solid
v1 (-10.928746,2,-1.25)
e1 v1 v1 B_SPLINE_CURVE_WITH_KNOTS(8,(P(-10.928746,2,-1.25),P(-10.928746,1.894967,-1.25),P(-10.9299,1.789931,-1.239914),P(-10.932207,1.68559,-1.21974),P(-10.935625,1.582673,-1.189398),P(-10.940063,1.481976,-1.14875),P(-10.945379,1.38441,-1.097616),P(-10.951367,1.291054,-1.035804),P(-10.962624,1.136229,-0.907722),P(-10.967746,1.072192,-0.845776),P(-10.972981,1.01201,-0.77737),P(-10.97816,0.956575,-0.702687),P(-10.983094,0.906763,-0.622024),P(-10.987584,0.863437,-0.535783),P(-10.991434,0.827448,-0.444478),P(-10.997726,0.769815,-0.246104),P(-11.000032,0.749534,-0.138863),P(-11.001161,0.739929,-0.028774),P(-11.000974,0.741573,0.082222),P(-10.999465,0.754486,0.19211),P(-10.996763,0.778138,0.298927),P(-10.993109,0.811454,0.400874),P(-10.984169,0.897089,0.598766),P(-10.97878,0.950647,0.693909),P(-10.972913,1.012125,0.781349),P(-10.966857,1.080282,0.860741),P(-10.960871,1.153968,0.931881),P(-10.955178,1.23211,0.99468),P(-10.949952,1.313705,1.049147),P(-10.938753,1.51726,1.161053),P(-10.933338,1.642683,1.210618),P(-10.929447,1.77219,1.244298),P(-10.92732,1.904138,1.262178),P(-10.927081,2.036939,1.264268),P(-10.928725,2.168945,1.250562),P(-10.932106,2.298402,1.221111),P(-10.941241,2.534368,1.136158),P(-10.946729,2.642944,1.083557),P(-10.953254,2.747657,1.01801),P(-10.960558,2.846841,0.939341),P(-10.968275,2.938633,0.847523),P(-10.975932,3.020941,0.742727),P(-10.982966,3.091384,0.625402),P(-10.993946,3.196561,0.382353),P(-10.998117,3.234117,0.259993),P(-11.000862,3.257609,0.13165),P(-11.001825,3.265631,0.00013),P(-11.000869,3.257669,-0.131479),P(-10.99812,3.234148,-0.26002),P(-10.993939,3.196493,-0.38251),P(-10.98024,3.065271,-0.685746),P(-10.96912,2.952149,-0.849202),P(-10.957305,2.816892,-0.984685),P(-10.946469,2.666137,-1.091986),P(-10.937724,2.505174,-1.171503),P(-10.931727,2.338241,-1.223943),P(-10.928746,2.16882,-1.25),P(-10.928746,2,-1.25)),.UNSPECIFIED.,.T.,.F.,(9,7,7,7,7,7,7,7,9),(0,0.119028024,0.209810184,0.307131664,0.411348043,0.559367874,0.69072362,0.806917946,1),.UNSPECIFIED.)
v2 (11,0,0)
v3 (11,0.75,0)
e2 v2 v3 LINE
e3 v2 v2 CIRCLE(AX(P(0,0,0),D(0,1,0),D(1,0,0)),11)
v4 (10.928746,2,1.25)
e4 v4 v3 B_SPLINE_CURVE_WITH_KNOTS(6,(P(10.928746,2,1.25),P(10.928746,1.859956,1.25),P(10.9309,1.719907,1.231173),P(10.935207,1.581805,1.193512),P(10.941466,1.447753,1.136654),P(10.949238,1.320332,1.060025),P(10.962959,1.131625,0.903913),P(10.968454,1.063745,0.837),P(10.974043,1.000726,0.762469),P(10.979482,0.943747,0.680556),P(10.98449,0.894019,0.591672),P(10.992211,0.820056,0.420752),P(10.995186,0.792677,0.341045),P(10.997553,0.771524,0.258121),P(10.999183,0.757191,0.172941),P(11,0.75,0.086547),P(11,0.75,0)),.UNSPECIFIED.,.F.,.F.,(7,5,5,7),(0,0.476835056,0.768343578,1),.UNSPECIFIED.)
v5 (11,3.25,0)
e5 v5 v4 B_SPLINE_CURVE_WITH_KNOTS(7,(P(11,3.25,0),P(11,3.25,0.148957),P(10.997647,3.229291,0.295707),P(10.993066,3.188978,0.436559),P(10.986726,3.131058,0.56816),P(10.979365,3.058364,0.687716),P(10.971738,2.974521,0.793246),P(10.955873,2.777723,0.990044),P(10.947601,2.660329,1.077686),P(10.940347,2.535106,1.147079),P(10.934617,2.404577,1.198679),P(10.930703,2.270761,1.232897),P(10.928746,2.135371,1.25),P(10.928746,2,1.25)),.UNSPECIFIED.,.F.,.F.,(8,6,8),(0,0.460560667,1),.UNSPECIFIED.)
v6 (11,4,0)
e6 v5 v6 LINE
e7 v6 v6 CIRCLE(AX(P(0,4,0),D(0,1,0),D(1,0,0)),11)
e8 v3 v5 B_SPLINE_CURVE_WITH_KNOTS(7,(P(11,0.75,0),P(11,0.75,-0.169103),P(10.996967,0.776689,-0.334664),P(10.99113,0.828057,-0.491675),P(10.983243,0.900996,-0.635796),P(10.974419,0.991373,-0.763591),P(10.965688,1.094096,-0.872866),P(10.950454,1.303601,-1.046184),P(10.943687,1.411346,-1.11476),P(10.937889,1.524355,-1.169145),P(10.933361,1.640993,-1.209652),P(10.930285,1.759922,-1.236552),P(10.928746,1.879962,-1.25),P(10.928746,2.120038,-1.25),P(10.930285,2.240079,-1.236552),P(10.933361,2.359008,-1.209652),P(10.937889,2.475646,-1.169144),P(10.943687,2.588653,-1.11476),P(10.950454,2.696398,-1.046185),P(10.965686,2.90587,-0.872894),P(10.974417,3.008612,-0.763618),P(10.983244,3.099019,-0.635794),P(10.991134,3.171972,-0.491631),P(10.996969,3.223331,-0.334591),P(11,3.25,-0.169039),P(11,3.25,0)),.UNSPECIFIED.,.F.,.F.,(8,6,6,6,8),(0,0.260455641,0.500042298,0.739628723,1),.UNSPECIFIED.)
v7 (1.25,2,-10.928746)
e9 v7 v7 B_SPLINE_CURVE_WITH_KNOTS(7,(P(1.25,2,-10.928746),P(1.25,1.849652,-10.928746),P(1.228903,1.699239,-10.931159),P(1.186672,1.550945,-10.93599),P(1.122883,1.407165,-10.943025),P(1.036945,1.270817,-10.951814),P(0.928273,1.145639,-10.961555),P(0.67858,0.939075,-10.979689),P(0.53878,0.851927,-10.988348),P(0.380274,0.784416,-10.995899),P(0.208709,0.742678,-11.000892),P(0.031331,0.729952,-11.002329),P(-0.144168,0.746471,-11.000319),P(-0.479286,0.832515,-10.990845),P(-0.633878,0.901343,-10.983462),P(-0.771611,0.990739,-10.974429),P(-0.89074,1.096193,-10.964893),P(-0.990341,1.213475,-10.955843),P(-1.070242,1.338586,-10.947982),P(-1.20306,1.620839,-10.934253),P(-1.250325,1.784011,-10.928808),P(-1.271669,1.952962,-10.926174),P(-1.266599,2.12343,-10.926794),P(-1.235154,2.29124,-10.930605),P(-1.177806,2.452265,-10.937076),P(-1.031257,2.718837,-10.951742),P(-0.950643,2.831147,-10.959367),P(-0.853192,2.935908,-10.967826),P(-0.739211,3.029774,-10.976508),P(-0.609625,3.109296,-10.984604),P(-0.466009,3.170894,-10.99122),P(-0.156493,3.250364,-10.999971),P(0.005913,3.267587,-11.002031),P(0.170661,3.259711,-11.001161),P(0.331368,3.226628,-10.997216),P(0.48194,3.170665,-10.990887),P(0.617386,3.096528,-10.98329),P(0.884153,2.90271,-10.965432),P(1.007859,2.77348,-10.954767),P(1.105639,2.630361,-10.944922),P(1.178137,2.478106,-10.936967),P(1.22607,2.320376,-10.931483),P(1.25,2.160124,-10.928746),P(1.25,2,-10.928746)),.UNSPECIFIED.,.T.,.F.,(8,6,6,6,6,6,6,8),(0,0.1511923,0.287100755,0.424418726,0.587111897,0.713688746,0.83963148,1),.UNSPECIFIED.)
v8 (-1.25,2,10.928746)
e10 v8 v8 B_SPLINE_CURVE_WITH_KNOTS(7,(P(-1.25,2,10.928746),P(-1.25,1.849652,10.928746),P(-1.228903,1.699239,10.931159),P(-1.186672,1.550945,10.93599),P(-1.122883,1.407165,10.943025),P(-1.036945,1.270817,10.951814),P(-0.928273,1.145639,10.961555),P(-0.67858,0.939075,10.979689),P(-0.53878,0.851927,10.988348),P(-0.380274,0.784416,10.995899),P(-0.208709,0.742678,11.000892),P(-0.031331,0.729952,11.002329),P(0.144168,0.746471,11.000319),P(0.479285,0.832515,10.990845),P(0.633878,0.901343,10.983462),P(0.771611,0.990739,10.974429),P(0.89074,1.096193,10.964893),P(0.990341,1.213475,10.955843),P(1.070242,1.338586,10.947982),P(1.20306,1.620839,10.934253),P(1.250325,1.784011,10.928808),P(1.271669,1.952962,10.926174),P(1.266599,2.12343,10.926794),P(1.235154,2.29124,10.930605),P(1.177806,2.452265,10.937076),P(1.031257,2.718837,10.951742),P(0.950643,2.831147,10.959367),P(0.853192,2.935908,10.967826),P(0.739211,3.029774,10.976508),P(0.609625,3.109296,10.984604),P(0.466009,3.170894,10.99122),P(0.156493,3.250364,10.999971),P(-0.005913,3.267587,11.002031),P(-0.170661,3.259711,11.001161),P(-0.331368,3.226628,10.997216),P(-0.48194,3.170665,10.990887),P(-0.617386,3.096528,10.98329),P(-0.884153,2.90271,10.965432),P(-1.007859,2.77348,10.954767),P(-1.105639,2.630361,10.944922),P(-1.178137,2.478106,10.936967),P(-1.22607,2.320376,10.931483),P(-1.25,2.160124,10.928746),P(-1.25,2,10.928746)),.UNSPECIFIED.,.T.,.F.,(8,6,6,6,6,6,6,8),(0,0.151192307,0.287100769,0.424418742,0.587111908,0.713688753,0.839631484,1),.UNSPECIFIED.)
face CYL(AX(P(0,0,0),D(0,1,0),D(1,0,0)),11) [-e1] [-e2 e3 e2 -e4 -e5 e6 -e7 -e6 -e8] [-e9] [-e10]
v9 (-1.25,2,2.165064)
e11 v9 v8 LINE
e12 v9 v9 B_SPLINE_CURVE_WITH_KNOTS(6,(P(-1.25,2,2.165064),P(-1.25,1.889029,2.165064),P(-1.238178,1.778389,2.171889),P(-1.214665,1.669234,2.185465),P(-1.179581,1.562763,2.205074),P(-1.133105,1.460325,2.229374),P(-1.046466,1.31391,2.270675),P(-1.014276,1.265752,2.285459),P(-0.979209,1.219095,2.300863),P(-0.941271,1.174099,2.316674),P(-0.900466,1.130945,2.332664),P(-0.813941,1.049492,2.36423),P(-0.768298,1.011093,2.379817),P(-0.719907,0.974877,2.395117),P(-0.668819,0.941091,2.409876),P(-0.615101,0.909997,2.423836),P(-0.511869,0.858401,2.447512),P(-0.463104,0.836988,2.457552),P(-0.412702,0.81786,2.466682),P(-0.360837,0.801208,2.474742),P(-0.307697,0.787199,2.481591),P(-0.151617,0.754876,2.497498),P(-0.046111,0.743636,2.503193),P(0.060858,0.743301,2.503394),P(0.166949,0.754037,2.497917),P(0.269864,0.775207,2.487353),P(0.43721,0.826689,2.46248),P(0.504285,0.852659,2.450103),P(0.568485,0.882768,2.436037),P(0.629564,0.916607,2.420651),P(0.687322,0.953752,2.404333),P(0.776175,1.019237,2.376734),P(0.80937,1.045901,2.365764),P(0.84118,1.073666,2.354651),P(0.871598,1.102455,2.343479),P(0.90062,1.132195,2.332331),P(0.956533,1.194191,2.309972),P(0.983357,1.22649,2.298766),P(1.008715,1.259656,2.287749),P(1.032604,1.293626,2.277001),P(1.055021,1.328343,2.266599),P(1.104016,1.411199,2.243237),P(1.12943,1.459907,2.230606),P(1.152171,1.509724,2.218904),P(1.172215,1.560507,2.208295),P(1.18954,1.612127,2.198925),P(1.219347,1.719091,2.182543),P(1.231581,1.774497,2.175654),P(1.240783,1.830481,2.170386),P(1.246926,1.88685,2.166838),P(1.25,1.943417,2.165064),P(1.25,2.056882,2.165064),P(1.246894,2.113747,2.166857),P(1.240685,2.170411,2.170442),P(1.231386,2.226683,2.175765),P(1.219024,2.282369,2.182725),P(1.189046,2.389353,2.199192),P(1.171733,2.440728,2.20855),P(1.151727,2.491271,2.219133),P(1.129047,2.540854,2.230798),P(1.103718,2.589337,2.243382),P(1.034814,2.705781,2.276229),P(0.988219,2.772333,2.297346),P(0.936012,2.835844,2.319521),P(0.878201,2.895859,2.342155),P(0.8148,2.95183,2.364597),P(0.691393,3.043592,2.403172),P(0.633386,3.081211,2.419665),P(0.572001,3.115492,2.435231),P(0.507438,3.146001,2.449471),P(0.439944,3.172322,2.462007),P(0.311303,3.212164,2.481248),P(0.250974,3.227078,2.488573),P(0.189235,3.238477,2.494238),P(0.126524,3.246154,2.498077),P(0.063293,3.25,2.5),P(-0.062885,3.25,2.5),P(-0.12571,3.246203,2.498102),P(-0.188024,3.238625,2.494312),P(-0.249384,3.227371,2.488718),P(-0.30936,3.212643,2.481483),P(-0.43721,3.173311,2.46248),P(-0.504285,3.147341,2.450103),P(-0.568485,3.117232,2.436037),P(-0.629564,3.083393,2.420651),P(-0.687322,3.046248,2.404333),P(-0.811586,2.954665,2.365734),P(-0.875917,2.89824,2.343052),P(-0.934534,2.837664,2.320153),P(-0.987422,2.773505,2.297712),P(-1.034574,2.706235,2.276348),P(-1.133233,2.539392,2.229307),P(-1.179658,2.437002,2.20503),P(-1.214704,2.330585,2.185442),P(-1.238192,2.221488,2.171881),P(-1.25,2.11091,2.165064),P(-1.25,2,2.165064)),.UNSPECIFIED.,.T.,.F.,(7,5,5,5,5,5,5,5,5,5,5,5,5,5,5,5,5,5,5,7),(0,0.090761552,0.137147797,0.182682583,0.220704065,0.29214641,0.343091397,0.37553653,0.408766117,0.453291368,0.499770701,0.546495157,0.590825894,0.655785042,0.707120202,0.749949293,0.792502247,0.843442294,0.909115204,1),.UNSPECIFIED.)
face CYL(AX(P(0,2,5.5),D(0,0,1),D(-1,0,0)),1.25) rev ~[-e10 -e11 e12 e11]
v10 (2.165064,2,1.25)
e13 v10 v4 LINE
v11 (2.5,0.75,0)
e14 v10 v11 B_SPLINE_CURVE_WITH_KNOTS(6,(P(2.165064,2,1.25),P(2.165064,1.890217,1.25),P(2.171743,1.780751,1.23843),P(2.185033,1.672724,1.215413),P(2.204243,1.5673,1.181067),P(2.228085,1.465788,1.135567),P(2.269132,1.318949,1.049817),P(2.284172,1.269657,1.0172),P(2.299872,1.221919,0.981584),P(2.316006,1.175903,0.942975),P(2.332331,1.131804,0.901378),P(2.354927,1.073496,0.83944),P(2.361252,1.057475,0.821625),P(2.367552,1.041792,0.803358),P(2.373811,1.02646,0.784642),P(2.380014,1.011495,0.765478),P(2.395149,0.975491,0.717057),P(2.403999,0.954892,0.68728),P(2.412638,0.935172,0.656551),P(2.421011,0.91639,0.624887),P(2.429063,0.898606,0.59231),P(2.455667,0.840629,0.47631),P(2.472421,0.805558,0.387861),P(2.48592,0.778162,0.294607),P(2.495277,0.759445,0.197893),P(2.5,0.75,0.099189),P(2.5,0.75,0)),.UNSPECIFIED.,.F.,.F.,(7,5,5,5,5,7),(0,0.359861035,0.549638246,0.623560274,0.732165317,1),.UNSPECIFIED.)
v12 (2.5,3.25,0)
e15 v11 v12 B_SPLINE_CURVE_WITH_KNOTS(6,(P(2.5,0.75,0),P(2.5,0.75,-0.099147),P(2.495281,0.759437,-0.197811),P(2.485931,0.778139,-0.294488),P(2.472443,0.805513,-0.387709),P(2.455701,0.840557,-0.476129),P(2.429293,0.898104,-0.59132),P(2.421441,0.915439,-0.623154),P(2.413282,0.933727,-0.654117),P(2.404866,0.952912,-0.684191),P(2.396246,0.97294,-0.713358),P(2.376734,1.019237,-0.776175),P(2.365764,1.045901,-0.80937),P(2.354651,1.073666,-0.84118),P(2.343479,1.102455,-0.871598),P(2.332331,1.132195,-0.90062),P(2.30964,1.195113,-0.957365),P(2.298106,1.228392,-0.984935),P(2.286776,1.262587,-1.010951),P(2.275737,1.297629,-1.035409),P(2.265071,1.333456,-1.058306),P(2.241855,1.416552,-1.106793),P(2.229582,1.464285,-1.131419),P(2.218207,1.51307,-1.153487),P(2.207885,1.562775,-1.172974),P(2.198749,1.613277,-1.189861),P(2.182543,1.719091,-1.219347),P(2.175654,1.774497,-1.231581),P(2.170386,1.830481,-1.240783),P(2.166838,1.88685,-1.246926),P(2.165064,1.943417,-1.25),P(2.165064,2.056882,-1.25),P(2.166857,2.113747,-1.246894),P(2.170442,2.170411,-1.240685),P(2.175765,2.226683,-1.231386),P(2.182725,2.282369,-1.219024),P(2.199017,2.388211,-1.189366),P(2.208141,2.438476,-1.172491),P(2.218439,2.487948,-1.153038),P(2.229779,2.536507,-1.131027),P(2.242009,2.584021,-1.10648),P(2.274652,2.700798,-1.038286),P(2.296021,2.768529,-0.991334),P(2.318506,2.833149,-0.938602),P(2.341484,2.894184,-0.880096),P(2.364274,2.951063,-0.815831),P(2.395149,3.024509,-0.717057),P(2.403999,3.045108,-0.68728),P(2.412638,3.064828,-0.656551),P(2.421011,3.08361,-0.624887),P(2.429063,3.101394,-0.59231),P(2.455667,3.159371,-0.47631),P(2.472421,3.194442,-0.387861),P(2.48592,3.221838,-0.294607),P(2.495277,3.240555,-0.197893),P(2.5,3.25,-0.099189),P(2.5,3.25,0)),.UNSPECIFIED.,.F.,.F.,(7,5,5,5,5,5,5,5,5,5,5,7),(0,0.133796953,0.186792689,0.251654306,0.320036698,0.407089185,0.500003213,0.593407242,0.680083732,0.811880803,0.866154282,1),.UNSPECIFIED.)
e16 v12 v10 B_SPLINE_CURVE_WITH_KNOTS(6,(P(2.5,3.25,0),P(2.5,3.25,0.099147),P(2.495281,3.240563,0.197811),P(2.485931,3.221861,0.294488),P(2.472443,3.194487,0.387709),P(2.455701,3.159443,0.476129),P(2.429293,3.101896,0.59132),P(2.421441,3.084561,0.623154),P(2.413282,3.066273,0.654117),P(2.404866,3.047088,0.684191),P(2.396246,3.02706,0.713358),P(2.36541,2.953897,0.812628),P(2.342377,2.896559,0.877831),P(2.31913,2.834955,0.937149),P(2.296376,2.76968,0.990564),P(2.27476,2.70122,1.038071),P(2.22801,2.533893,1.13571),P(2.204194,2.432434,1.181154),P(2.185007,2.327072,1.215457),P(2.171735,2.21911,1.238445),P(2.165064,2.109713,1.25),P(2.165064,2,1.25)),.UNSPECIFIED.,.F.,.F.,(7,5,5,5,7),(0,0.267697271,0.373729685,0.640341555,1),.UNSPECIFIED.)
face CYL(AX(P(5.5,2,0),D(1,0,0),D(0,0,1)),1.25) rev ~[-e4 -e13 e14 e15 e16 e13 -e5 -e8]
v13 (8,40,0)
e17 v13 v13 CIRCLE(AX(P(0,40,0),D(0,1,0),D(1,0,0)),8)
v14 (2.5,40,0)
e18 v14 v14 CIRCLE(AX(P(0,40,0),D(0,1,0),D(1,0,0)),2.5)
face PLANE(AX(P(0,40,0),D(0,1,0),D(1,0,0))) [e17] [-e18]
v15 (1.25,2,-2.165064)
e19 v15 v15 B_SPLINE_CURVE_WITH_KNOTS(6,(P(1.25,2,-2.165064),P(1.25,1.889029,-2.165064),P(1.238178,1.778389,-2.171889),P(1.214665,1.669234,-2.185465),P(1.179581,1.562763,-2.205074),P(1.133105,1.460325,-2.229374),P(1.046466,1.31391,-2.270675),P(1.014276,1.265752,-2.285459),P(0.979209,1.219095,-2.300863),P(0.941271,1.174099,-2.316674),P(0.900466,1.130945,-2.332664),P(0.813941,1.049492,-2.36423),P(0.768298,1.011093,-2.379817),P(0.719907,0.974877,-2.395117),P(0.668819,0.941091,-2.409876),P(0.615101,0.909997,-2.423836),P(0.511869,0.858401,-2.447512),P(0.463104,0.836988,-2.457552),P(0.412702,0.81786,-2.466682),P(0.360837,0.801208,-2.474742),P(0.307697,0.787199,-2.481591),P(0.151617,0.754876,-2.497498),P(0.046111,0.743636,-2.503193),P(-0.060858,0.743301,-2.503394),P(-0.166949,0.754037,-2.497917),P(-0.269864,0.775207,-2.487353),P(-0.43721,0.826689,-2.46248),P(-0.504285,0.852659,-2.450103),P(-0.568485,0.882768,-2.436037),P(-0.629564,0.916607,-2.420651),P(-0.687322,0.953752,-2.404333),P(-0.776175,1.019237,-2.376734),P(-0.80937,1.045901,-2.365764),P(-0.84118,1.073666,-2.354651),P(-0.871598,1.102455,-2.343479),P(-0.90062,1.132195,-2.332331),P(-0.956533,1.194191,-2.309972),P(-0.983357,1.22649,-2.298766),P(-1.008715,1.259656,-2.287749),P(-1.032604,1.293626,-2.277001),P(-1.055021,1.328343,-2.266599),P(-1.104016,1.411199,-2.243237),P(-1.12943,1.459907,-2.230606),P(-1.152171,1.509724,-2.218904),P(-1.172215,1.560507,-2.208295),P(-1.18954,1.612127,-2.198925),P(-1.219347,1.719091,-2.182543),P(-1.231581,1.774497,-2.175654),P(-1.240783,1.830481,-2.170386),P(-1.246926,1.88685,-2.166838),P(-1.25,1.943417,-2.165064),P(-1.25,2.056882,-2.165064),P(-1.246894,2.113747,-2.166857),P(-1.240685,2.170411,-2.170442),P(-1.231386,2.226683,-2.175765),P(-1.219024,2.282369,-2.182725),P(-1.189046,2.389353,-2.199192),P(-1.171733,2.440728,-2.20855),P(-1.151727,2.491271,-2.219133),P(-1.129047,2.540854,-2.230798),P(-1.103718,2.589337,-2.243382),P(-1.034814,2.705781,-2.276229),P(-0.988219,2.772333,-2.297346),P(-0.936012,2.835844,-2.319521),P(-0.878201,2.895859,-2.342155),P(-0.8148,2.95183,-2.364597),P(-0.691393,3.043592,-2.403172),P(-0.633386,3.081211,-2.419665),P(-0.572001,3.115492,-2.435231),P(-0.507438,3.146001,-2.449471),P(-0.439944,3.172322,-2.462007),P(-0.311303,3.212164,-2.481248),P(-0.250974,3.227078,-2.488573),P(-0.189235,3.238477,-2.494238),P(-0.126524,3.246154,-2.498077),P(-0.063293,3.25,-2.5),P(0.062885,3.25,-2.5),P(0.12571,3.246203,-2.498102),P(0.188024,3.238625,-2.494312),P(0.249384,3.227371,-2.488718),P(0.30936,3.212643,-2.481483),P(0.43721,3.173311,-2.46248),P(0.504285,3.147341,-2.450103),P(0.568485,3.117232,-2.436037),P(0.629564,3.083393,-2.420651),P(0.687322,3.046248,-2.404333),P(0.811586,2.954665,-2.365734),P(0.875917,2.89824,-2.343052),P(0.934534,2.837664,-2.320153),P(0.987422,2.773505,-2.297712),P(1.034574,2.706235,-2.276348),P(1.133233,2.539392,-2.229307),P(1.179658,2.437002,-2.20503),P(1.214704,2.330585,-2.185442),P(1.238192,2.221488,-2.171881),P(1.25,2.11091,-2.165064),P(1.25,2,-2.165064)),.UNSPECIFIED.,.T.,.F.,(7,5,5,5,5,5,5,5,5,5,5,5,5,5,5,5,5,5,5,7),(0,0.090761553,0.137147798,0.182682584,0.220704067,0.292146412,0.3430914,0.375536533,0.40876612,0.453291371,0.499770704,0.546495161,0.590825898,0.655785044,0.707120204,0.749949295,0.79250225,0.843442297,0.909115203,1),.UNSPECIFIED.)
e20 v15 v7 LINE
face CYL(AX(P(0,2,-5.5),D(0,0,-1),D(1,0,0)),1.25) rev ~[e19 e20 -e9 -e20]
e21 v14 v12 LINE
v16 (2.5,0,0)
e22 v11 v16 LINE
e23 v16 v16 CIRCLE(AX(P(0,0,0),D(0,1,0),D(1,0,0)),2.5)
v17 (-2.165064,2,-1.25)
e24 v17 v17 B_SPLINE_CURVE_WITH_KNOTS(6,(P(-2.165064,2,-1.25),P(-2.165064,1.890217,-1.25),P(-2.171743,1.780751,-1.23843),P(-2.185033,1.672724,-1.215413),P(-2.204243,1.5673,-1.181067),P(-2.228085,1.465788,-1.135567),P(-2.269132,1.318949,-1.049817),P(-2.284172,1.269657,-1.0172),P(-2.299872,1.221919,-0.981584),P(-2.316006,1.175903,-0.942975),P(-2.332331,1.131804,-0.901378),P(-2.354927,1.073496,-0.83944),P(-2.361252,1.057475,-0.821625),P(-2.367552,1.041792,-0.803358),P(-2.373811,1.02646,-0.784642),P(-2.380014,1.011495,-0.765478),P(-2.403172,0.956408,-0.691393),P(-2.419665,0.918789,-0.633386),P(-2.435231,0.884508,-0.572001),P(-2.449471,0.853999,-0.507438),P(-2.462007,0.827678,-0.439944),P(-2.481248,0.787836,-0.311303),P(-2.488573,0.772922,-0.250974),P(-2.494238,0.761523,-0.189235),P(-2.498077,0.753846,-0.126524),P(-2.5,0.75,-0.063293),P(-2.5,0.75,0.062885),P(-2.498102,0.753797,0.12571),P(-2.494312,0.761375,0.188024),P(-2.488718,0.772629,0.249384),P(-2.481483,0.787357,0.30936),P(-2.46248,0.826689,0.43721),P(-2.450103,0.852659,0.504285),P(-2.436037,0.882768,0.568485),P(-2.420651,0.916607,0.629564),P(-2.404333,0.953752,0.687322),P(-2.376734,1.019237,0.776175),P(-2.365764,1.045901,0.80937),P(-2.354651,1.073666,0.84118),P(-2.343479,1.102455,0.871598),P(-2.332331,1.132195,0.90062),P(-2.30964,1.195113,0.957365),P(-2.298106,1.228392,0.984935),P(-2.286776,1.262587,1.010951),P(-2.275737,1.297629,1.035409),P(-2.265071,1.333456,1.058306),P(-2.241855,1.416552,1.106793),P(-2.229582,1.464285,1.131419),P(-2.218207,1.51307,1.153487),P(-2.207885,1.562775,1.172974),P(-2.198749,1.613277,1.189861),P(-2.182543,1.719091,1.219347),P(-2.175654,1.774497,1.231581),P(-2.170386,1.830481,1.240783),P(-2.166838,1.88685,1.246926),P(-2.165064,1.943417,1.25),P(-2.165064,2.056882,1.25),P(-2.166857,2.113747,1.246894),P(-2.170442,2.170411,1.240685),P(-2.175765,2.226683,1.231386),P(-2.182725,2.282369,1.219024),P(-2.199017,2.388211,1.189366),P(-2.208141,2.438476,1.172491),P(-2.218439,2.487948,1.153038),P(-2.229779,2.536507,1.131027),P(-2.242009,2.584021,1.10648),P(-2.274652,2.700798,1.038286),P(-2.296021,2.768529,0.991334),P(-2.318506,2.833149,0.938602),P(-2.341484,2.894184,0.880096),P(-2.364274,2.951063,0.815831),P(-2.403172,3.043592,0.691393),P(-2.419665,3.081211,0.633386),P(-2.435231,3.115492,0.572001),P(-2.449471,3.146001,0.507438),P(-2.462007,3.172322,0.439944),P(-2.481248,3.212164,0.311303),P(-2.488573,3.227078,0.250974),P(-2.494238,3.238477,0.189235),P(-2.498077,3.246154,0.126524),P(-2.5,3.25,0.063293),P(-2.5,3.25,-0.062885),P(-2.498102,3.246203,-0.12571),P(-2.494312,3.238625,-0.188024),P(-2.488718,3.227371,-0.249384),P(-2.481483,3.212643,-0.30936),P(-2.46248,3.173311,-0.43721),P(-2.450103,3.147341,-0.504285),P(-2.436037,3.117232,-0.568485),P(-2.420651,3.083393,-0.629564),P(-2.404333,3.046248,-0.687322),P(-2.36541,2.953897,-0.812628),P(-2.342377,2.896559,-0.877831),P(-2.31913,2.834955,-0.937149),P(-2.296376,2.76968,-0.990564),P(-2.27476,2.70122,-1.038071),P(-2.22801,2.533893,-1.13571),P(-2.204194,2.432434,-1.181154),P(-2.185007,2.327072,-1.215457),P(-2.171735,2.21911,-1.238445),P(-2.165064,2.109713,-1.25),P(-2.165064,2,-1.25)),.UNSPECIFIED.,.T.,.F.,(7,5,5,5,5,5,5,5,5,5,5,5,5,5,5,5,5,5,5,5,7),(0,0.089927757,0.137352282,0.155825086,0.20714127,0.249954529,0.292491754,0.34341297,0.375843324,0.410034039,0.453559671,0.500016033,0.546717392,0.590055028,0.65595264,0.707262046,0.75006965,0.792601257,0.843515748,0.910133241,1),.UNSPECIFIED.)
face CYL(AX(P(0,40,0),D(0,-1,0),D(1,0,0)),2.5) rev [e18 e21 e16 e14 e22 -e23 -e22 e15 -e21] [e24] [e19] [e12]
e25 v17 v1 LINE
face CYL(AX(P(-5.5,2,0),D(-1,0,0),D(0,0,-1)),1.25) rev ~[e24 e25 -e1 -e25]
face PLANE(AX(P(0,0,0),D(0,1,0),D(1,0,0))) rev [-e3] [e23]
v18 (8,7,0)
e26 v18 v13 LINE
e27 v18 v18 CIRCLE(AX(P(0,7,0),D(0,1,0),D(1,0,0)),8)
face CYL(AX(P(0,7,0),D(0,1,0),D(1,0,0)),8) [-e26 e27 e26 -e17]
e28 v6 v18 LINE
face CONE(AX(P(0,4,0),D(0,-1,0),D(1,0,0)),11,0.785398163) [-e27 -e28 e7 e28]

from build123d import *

# Parameters (mm, degrees)
SKETCH13_W        = 1.25
SKETCH13_H        = 11
CIRPATTERN1_COUNT = 4


with BuildPart() as part:
    # Sketch11 → Revolve1 (revolve)
    with BuildSketch(Plane.XY):
        Polygon((8, 40), (2.5, 40), (2.5, 0), (11, 0), (11, 4), (8, 7), (8, 35), align=None)
    revolve(axis=Axis((0, 0, 0), (0, 1, 0)))

    # Sketch13 → M3x0.5 Tapped Hole1 (revolve, cut)
    with BuildSketch(Plane(origin=(0, 2, 0), x_dir=(0, 0, -1), z_dir=(0, 1, 0))):
        with Locations((0.625, 5.5)):
            Rectangle(SKETCH13_W, SKETCH13_H)
    m3x0_5_tapped_hole1 = revolve(axis=Axis((6.35, 2, 0), (-1, 0, 0)), mode=Mode.SUBTRACT)

    # CirPattern1: M3x0.5 Tapped Hole1 ×4 about axis
    cirpattern1_axis = Axis((0, 0, 0), (0, -1, 0))
    for i in range(1, CIRPATTERN1_COUNT):
        add(m3x0_5_tapped_hole1.rotate(cirpattern1_axis, i * 360 / CIRPATTERN1_COUNT), mode=Mode.SUBTRACT)


solid = part.part
